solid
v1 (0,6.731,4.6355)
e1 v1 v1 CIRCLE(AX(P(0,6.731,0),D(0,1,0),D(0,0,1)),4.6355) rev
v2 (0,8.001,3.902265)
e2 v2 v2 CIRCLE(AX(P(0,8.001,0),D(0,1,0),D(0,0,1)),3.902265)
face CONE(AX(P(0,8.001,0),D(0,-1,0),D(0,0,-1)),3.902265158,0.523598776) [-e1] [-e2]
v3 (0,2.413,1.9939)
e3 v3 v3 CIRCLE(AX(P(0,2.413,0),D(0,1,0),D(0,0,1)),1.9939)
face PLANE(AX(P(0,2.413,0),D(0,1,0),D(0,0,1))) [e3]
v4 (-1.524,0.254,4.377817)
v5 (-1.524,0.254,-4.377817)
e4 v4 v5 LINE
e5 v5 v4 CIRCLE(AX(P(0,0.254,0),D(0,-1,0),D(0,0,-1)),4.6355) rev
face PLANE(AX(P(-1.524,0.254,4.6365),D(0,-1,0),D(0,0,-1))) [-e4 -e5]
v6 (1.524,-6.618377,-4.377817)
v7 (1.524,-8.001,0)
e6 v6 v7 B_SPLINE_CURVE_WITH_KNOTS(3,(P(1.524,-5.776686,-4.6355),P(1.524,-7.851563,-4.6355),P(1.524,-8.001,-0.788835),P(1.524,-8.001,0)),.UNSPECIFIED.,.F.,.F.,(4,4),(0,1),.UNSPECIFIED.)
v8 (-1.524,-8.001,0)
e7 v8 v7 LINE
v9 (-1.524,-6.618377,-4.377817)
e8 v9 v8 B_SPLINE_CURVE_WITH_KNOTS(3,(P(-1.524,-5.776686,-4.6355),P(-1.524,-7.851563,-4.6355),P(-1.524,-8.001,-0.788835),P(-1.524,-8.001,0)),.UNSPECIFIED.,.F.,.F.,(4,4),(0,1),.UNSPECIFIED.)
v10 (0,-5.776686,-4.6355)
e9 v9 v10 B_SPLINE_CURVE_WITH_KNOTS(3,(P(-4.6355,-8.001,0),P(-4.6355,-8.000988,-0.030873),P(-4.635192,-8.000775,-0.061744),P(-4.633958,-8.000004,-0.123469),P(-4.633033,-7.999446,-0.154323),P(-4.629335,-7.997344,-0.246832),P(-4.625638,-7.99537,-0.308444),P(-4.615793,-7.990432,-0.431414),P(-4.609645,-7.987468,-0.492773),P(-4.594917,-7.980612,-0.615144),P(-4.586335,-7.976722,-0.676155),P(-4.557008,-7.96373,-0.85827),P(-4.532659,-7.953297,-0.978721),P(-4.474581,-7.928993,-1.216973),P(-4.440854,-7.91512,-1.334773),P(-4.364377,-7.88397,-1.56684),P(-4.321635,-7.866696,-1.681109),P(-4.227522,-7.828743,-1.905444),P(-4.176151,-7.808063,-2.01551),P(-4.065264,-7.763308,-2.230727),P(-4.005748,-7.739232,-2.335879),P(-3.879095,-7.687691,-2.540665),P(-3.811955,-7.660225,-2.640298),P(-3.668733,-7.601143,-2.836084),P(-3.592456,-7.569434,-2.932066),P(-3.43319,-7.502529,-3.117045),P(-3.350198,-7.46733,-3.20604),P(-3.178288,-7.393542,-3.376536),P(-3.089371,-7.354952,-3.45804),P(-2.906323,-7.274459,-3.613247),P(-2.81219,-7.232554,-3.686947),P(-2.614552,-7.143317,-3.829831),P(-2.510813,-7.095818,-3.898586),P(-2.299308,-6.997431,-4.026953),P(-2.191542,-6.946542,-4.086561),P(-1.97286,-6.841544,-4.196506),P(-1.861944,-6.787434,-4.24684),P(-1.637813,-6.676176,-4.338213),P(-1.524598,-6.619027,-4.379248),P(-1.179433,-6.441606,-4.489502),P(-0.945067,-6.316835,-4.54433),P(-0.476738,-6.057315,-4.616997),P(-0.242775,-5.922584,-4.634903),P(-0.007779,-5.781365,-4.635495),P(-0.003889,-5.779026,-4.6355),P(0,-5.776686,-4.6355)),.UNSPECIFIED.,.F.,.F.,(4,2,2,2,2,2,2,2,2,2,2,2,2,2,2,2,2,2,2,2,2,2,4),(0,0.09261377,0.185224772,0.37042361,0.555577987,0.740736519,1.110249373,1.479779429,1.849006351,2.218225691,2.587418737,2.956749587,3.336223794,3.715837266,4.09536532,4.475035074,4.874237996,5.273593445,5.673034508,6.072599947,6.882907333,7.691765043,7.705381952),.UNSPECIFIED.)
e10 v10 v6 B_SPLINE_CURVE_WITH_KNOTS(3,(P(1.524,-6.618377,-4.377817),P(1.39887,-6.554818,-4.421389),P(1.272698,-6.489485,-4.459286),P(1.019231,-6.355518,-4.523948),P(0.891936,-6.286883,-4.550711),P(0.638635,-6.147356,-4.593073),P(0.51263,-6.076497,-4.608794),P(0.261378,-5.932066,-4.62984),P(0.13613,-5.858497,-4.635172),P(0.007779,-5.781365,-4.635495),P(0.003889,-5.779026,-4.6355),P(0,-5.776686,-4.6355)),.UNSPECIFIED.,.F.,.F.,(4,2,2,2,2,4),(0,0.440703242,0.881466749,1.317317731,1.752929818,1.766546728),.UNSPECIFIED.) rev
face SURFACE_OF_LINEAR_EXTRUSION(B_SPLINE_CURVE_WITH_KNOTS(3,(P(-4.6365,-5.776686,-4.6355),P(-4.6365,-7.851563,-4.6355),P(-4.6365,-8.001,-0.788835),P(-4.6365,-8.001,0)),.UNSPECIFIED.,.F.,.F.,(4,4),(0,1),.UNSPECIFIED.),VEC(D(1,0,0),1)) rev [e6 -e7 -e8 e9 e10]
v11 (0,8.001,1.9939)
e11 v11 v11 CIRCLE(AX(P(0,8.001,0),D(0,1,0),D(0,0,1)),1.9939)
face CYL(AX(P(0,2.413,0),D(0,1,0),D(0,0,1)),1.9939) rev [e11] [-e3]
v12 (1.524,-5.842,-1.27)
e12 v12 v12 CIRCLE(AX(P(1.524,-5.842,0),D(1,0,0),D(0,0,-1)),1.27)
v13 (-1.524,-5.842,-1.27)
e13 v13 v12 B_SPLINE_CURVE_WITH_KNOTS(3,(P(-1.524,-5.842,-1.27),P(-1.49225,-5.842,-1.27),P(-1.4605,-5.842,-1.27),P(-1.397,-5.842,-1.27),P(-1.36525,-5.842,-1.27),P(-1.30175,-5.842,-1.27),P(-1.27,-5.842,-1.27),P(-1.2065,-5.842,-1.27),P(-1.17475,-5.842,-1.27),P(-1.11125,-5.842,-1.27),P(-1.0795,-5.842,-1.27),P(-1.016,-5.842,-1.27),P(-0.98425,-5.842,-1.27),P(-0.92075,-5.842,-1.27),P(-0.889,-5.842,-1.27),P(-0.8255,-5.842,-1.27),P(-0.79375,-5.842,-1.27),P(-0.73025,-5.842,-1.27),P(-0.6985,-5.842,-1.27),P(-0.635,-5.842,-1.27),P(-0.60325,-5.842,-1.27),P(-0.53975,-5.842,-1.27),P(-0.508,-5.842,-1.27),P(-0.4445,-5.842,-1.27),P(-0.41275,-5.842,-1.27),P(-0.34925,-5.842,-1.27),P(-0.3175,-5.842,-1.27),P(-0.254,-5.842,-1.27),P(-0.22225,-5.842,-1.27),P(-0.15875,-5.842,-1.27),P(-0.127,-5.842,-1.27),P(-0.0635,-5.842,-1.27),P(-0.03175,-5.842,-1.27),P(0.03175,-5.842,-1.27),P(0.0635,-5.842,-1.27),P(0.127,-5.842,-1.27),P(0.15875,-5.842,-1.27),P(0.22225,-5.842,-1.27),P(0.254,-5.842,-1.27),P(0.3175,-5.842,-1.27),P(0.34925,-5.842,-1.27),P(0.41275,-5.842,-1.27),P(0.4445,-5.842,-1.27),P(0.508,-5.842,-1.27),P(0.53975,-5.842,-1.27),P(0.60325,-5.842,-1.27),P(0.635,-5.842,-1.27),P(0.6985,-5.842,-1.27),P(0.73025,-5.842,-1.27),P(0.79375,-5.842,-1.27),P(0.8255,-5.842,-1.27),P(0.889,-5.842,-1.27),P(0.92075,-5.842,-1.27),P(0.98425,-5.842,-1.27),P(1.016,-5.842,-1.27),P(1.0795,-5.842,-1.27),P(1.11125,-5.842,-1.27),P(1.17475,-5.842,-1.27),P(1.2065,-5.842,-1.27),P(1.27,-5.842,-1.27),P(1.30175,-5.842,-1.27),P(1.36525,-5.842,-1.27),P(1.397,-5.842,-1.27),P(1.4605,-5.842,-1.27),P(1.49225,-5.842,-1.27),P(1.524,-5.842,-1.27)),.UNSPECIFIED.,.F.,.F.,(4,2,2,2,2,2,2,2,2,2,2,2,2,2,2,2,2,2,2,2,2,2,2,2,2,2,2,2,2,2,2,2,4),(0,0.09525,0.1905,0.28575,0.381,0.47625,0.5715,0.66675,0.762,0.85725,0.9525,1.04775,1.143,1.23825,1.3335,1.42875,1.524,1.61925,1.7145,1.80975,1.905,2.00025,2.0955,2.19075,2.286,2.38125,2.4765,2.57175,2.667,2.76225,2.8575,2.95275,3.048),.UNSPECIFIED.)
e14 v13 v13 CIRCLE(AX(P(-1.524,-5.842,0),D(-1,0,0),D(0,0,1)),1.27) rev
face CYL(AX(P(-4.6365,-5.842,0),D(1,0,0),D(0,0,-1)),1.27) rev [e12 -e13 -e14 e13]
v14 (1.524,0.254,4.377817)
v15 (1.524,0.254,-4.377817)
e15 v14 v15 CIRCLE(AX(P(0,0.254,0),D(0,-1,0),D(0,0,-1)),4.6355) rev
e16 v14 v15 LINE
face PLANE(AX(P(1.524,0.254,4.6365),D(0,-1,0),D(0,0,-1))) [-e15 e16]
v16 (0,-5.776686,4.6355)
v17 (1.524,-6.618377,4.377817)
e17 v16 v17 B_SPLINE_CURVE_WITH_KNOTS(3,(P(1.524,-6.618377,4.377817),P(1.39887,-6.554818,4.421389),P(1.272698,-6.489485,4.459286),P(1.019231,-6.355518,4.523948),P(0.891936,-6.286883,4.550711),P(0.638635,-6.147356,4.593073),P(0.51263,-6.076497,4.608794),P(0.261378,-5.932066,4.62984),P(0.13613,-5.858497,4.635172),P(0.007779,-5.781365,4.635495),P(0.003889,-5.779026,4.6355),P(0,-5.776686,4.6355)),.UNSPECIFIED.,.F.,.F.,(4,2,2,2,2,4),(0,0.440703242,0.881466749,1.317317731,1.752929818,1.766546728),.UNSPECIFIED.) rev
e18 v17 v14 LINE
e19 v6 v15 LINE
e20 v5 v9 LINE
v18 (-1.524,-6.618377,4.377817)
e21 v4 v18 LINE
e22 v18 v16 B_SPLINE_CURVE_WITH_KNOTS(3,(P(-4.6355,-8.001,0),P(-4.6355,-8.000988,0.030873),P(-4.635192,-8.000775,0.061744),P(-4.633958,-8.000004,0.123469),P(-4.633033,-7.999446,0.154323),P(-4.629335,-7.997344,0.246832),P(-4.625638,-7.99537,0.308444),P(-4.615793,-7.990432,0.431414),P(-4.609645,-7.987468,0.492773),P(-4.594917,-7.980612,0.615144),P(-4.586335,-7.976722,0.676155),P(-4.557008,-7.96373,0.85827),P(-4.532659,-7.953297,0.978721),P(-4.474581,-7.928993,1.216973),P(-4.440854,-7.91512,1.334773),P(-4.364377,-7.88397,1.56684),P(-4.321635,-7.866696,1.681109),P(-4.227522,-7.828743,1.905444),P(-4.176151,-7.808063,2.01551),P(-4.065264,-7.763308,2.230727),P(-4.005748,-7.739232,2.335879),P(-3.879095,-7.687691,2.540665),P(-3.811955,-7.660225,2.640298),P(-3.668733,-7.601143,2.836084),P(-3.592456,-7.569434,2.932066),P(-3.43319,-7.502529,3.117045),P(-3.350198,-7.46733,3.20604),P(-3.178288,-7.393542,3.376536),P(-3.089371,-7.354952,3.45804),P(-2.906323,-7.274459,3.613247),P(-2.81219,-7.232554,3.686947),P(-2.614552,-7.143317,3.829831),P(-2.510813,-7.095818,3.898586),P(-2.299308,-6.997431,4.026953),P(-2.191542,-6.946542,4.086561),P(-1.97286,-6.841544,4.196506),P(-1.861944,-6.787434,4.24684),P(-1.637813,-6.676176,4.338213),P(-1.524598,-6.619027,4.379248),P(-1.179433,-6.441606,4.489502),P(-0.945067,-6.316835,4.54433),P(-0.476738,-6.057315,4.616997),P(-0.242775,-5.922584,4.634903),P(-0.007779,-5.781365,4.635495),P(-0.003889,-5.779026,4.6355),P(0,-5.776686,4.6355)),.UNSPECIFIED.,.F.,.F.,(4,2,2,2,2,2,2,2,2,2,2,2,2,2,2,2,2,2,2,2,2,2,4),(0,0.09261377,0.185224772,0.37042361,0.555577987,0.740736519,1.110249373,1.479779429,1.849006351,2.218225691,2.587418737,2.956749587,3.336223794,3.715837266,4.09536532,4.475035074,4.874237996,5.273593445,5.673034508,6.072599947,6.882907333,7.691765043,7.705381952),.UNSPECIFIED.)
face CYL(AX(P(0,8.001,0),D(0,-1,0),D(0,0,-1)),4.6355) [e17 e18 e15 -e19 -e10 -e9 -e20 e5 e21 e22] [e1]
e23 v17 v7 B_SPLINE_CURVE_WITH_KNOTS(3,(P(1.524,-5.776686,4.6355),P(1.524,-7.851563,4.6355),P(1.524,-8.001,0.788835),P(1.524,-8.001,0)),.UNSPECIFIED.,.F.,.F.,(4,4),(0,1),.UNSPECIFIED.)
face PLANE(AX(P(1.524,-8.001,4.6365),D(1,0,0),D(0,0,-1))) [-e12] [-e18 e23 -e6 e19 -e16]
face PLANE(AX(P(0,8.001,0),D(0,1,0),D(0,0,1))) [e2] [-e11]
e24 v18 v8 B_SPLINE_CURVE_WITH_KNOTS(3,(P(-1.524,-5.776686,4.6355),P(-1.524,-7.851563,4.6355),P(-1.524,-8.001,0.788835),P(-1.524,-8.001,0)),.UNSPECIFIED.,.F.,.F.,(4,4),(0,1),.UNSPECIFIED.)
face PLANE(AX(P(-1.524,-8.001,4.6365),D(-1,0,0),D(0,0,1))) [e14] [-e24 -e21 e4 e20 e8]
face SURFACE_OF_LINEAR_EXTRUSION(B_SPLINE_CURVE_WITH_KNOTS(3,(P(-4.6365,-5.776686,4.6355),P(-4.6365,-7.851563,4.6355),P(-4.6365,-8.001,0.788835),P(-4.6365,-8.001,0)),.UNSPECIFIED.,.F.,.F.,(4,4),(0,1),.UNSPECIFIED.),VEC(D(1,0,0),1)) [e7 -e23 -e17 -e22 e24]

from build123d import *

# Parameters (mm, degrees)
SKETCH3_R                           = 4.6355
BOSS_EXTRUDE1_DEPTH                 = 8.001
SKETCH4_R                           = 1.9939
CUT_EXTRUDE1_DEPTH                  = 5.588
CHAMFER1_SIZE                       = 1.27
CHAMFER1_SIZE2                      = 0.733234842
CUT_EXTRUDE2_REACH                  = 12.344
CUT_EXTRUDE2_END_RADIUS             = 4.6355
SKETCH5_W                           = 3.887671843
SKETCH5_H                           = 8.255
CUT_EXTRUDE2_DIRECTION_2_REACH      = 12.344
CUT_EXTRUDE2_DIRECTION_2_END_RADIUS = 4.6355
CUT_EXTRUDE3_REACH                  = 13.111
CUT_EXTRUDE4_REACH                  = 13.111
SKETCH7_R                           = 1.27


with BuildPart() as part:
    # Sketch3 → Boss-Extrude1 (new, symmetric)
    with BuildSketch(Plane(origin=(0, 0, 0), x_dir=(1, 0, 0), z_dir=(0, 1, 0))):
        with Locations(Location((0, 0, 0), (0, 0, 270))):
            Circle(SKETCH3_R)
    extrude(amount=BOSS_EXTRUDE1_DEPTH, both=True)

    # Sketch4 → Cut-Extrude1 (cut)
    with BuildSketch(Plane(origin=(0, 8.001, 0), x_dir=(1, 0, 0), z_dir=(0, 1, 0))):
        with Locations(Location((0, 0, 0), (0, 0, 270))):
            Circle(SKETCH4_R)
    extrude(amount=-CUT_EXTRUDE1_DEPTH, mode=Mode.SUBTRACT)

    # Chamfer1
    chamfer1_edges = [part.edges().sort_by_distance(p)[0] for p in [
        (0, 8.001, -4.6355),
    ]]
    chamfer1_side = [part.faces().sort_by_distance(p)[0] for p in [
        (0, 0, -4.6355),
    ]]
    chamfer(chamfer1_edges, length=CHAMFER1_SIZE, length2=CHAMFER1_SIZE2, reference=chamfer1_side[0])

    # Cut-Extrude2: up to this cylinder (the profile starts inside it)
    cut_extrude2_end = Plane(origin=(0, -3.8735, 0), z_dir=(0, -1, 0)) * Cylinder(CUT_EXTRUDE2_END_RADIUS, 34.959, mode=Mode.PRIVATE)
    # Sketch5 → Cut-Extrude2 (cut, up to the surface)
    with BuildSketch(Plane.XY, mode=Mode.PRIVATE) as cut_extrude2_sk1:
        with Locations((-3.467835922, -3.8735)):
            Rectangle(SKETCH5_W, SKETCH5_H)
    cut_extrude2_tool1 = extrude(cut_extrude2_sk1.sketch, amount=-CUT_EXTRUDE2_REACH, mode=Mode.PRIVATE) & cut_extrude2_end
    add(cut_extrude2_tool1.solids().sort_by_distance((-3.467836, -3.8735, 0))[0], mode=Mode.SUBTRACT)
    # Sketch5 → Cut-Extrude2 (cut, up to the surface)
    with BuildSketch(Plane.XY, mode=Mode.PRIVATE) as cut_extrude2_sk2:
        with Locations((3.467835922, -3.8735)):
            Rectangle(SKETCH5_W, SKETCH5_H)
    cut_extrude2_tool2 = extrude(cut_extrude2_sk2.sketch, amount=-CUT_EXTRUDE2_REACH, mode=Mode.PRIVATE) & cut_extrude2_end
    add(cut_extrude2_tool2.solids().sort_by_distance((3.467836, -3.8735, 0))[0], mode=Mode.SUBTRACT)

    # Cut-Extrude2 direction 2: up to this cylinder (the profile starts inside it)
    cut_extrude2_direction_2_end = Plane(origin=(0, -3.8735, 0), z_dir=(0, -1, 0)) * Cylinder(CUT_EXTRUDE2_DIRECTION_2_END_RADIUS, 34.959, mode=Mode.PRIVATE)
    # Sketch5 → Cut-Extrude2 direction 2 (cut, up to the surface)
    with BuildSketch(Plane.XY, mode=Mode.PRIVATE) as cut_extrude2_direction_2_sk1:
        with Locations((-3.467835922, -3.8735)):
            Rectangle(SKETCH5_W, SKETCH5_H)
    cut_extrude2_direction_2_tool1 = extrude(cut_extrude2_direction_2_sk1.sketch, amount=CUT_EXTRUDE2_DIRECTION_2_REACH, mode=Mode.PRIVATE) & cut_extrude2_direction_2_end
    add(cut_extrude2_direction_2_tool1.solids().sort_by_distance((-3.467836, -3.8735, 0))[0], mode=Mode.SUBTRACT)
    # Sketch5 → Cut-Extrude2 direction 2 (cut, up to the surface)
    with BuildSketch(Plane.XY, mode=Mode.PRIVATE) as cut_extrude2_direction_2_sk2:
        with Locations((3.467835922, -3.8735)):
            Rectangle(SKETCH5_W, SKETCH5_H)
    cut_extrude2_direction_2_tool2 = extrude(cut_extrude2_direction_2_sk2.sketch, amount=CUT_EXTRUDE2_DIRECTION_2_REACH, mode=Mode.PRIVATE) & cut_extrude2_direction_2_end
    add(cut_extrude2_direction_2_tool2.solids().sort_by_distance((3.467836, -3.8735, 0))[0], mode=Mode.SUBTRACT)

    # Sketch6 → Cut-Extrude3 (cut, up to next)
    with BuildSketch(Plane(origin=(1.524, 0, 0), x_dir=(0, 0, -1), z_dir=(1, 0, 0)), mode=Mode.PRIVATE) as cut_extrude3_sk1:
        with BuildLine():
            add(Edge.make_bspline(
                [(-4.377817293, -6.618376883), (-3.503121267, -7.894799124), (-0.664999949, -8.001), (0, -8.001)],
                knots=[0.156984914, 0.156984914, 0.156984914, 0.156984914, 1, 1, 1, 1], degree=3))
            Line((-4.377817293, -6.618376883), (-4.377817293, -8.001))
            Line((-4.377817293, -8.001), (0, -8.001))
        make_face()
    cut_extrude3_tool1 = extrude(cut_extrude3_sk1.sketch, amount=-CUT_EXTRUDE3_REACH, mode=Mode.PRIVATE) & part.part
    # Sketch6 → Cut-Extrude3 (cut, up to next)
    with BuildSketch(Plane(origin=(1.524, 0, 0), x_dir=(0, 0, -1), z_dir=(1, 0, 0)), mode=Mode.PRIVATE) as cut_extrude3_sk2:
        with BuildLine():
            add(Edge.make_bspline(
                [(4.377817293, -6.618376883), (3.503121267, -7.894799124), (0.664999949, -8.001), (0, -8.001)],
                knots=[0.156984914, 0.156984914, 0.156984914, 0.156984914, 1, 1, 1, 1], degree=3))
            Line((0, -8.001), (4.377817293, -8.001))
            Line((4.377817293, -8.001), (4.377817293, -6.618376883))
        make_face()
    cut_extrude3_tool2 = extrude(cut_extrude3_sk2.sketch, amount=-CUT_EXTRUDE3_REACH, mode=Mode.PRIVATE) & part.part
    # Sketch6 → Cut-Extrude3 (cut, up to next)
    with BuildSketch(Plane(origin=(1.524, 0, 0), x_dir=(0, 0, -1), z_dir=(1, 0, 0)), mode=Mode.PRIVATE) as cut_extrude3_sk3:
        with BuildLine():
            add(Edge.make_bspline(
                [(-4.6355, -5.776685713), (-4.6355, -6.102410184), (-4.54070178, -6.380683586), (-4.377817293, -6.618376883)],
                knots=[0, 0, 0, 0, 0.156984914, 0.156984914, 0.156984914, 0.156984914], degree=3))
            Line((-4.6355, -5.776685713), (-4.6355, -8.001))
            Line((-4.6355, -8.001), (-4.377817293, -8.001))
            Line((-4.377817293, -8.001), (-4.377817293, -6.618376883))
        make_face()
    cut_extrude3_tool3 = extrude(cut_extrude3_sk3.sketch, amount=-CUT_EXTRUDE3_REACH, mode=Mode.PRIVATE) & part.part
    # Sketch6 → Cut-Extrude3 (cut, up to next)
    with BuildSketch(Plane(origin=(1.524, 0, 0), x_dir=(0, 0, -1), z_dir=(1, 0, 0)), mode=Mode.PRIVATE) as cut_extrude3_sk4:
        with BuildLine():
            Line((4.6355, -8.001), (4.6355, -5.776685713))
            add(Edge.make_bspline(
                [(4.6355, -5.776685713), (4.6355, -6.102410184), (4.54070178, -6.380683586), (4.377817293, -6.618376883)],
                knots=[0, 0, 0, 0, 0.156984914, 0.156984914, 0.156984914, 0.156984914], degree=3))
            Line((4.377817293, -6.618376883), (4.377817293, -8.001))
            Line((4.377817293, -8.001), (4.6355, -8.001))
        make_face()
    cut_extrude3_tool4 = extrude(cut_extrude3_sk4.sketch, amount=-CUT_EXTRUDE3_REACH, mode=Mode.PRIVATE) & part.part
    add(cut_extrude3_tool1.solids().sort_by_distance((1.524, -7.641566, 3.372722))[0], mode=Mode.SUBTRACT)
    add(cut_extrude3_tool2.solids().sort_by_distance((1.524, -7.641566, -3.372722))[0], mode=Mode.SUBTRACT)
    add(cut_extrude3_tool3.solids().sort_by_distance((1.524, -7.165384, 4.5152))[0], mode=Mode.SUBTRACT)
    add(cut_extrude3_tool4.solids().sort_by_distance((1.524, -7.165384, -4.5152))[0], mode=Mode.SUBTRACT)

    # Sketch7 → Cut-Extrude4 (cut, up to next)
    with BuildSketch(Plane(origin=(1.524, 0, 0), x_dir=(0, 0, -1), z_dir=(1, 0, 0)), mode=Mode.PRIVATE) as cut_extrude4_sk1:
        with Locations((0, -5.842)):
            Circle(SKETCH7_R)
    cut_extrude4_tool1 = extrude(cut_extrude4_sk1.sketch, amount=-CUT_EXTRUDE4_REACH, mode=Mode.PRIVATE) & part.part
    add(cut_extrude4_tool1.solids().sort_by_distance((1.524, -5.842, 0))[0], mode=Mode.SUBTRACT)


solid = part.part
